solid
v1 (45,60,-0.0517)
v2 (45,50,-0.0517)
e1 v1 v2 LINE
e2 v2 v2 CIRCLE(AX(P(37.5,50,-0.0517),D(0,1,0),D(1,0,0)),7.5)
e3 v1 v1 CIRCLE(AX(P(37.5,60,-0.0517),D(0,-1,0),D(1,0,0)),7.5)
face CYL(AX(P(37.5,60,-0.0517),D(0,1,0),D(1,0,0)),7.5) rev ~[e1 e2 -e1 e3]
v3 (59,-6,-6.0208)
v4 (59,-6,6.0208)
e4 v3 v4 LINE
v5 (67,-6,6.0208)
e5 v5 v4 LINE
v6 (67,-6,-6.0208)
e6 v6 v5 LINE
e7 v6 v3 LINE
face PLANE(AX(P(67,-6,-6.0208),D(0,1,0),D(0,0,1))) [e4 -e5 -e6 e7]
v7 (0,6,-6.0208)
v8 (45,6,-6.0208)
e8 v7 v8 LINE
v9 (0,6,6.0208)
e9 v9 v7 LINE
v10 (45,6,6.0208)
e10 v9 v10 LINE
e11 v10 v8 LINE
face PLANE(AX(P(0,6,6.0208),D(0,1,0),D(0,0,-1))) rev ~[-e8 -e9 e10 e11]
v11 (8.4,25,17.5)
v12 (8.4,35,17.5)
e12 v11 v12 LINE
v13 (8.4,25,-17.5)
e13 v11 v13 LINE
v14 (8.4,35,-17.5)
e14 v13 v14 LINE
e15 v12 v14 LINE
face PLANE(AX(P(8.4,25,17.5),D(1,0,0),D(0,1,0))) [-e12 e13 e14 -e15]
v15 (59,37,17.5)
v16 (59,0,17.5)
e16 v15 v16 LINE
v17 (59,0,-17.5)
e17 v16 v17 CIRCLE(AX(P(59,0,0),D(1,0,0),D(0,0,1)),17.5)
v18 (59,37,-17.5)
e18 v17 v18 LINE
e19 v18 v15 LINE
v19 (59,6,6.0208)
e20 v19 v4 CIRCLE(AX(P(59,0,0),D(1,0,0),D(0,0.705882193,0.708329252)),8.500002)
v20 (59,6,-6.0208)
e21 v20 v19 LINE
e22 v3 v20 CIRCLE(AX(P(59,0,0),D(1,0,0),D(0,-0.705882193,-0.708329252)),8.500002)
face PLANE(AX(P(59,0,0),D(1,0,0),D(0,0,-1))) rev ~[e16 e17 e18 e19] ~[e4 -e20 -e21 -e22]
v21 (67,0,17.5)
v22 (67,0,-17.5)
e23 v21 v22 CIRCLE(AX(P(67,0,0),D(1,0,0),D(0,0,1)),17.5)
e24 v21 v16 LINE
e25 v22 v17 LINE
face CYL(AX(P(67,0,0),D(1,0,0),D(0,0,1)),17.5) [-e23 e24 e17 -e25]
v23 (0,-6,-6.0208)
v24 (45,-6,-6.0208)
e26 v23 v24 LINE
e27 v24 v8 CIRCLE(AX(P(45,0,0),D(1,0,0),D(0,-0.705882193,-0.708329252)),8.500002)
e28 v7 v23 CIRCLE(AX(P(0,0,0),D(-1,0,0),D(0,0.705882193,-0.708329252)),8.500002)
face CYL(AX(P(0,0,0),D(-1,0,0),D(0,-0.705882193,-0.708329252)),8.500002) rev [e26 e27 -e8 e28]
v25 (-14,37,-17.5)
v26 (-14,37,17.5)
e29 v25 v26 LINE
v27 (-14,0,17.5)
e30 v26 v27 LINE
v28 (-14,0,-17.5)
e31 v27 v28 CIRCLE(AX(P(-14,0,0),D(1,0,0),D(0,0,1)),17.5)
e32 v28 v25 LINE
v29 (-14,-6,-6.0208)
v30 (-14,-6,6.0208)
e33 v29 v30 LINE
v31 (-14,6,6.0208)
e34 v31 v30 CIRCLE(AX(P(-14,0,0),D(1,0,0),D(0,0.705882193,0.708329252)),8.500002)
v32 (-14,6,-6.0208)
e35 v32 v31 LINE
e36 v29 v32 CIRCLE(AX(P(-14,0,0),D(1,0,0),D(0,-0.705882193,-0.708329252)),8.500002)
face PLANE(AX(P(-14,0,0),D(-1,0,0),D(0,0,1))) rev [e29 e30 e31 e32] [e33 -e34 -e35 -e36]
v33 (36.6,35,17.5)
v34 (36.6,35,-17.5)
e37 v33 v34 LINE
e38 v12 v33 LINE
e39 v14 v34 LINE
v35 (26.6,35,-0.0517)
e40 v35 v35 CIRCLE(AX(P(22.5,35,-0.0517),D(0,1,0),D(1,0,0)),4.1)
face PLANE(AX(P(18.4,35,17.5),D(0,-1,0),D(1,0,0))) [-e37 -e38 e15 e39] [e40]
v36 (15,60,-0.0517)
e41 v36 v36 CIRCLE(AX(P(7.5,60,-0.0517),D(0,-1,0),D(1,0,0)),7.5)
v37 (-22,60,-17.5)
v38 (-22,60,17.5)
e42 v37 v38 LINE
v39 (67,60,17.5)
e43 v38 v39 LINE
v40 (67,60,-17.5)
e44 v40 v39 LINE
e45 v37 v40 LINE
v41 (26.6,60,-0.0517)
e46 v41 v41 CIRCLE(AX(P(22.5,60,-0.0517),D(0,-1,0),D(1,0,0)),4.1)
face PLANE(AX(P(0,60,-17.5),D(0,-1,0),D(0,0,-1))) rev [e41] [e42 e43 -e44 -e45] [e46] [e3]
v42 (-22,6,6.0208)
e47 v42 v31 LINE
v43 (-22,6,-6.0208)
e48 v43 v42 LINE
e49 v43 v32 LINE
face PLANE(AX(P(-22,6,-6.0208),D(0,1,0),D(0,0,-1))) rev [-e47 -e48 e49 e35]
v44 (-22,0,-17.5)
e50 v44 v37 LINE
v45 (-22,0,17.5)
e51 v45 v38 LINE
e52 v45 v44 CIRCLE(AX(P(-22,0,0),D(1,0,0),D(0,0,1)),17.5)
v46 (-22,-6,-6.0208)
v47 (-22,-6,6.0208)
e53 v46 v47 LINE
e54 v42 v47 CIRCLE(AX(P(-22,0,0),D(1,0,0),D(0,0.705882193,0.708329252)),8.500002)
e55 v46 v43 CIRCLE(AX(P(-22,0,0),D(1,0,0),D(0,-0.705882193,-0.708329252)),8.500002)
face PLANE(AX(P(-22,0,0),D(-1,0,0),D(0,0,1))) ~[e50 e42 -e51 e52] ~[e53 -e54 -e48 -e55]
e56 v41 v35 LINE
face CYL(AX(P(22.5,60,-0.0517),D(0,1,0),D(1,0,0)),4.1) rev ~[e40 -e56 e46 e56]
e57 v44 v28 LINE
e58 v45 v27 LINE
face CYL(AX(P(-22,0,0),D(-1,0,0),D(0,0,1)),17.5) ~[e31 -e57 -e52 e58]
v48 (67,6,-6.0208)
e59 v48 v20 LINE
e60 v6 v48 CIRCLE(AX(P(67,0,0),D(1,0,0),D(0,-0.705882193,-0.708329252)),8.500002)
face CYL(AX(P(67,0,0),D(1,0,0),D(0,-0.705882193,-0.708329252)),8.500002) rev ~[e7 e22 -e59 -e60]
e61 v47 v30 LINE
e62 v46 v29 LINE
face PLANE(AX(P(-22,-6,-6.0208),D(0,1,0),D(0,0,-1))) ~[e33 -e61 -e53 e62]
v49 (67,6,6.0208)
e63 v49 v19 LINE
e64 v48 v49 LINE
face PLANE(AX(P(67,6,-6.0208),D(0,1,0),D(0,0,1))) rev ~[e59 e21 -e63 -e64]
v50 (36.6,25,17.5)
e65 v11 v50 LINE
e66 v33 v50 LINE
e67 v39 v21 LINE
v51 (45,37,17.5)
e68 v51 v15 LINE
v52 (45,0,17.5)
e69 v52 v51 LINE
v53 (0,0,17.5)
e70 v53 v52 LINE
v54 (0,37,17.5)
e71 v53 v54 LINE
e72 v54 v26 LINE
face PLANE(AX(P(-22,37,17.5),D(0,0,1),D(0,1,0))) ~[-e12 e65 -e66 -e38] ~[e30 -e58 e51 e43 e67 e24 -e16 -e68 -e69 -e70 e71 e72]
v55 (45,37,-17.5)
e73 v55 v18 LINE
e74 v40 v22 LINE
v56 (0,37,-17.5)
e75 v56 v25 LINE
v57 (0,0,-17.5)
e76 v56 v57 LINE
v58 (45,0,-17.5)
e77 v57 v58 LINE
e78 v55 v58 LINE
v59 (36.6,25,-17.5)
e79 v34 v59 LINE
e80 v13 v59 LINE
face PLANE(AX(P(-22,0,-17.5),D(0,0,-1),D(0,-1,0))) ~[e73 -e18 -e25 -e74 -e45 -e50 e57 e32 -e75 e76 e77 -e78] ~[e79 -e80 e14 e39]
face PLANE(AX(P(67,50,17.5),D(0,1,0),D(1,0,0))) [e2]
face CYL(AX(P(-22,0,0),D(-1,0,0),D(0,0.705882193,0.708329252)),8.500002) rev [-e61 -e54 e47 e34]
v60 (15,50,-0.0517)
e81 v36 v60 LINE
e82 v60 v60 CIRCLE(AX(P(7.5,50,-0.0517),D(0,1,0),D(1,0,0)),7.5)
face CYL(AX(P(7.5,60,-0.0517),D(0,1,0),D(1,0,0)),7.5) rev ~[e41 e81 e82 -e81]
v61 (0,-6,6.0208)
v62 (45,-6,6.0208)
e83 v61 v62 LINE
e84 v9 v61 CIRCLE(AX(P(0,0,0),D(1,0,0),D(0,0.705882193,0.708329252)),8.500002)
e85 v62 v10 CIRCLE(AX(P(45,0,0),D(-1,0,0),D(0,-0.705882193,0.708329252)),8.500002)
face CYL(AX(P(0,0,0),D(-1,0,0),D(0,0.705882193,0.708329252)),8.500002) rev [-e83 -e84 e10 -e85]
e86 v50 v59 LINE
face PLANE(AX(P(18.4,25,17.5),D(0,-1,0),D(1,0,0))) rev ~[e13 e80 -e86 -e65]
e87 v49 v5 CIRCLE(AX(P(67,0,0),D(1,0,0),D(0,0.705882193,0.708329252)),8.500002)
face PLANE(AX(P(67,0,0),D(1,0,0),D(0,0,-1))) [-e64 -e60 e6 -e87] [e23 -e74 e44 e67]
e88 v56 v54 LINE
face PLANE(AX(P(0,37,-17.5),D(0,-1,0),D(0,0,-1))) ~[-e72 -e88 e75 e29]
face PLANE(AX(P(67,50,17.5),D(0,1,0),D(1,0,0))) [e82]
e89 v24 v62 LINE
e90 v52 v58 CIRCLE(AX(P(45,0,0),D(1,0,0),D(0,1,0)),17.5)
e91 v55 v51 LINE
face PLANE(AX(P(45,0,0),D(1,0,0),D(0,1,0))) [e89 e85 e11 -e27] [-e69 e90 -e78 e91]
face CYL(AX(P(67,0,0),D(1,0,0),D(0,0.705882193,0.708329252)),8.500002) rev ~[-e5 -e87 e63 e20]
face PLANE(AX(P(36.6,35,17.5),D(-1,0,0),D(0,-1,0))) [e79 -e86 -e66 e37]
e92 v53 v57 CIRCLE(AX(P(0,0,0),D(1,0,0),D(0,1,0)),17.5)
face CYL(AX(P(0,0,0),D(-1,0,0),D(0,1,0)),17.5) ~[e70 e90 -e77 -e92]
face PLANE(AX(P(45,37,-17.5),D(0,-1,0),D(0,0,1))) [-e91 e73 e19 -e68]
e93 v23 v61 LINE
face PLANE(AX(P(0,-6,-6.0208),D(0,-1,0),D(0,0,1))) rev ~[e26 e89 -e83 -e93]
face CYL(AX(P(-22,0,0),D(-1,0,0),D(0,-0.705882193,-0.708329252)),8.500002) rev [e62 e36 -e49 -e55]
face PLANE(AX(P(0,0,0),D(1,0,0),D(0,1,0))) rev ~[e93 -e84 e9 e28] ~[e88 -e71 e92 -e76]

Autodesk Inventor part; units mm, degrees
ref_plane "YZ Plane" through (0, 0, 0) normal (1, 0, 0) x (0, 1, 0)
ref_plane "XZ Plane" through (0, 0, 0) normal (0, 1, 0) x (-1, 0, 0)
sketch "Эскиз1" plane through (0, 0, 0) normal (1, 0, 0) x (0, 1, 0)
  line L0 (-6, -6.0208) -> (-6, 6.0208)
  arc A0 (-6, -6.0208) -> (6, -6.0208) centre (0, 0) ccw
  line L1 (6, 6.0208) -> (6, -6.0208)
  arc A1 (6, 6.0208) -> (-6, 6.0208) centre (0, 0) ccw
  circle A2 centre (0, 0) radius 17.5
  line L2 (0, 17.5) -> (60, 17.5)
  line L3 (60, 17.5) -> (60, -17.5)
  line L4 (60, -17.5) -> (0, -17.5)
  line L5 (0, -17.5) -> (0, -8.5)
  line L6 (0, 8.5) -> (0, 17.5)
  dimension "d0" = 35
  dimension "d1" = 60
extrude "Выдавливание1" add sketch "Эскиз1" along normal blind 45 contours A0 L5 A2 L6 A1 L0 | A0 L1 A1 L6 A2 L5 | A2 L2 L3 L4
sketch "Эскиз2" plane through (45, 0, 0) normal (1, 0, 0) x (0, 0, -1)
  line L0 (17.5, 60) -> (-17.5, 60) projected
  line L1 (17.5, 0) -> (17.5, 60) projected
  line L2 (-17.5, 60) -> (17.5, 60)
  line L3 (17.5, 60) -> (17.5, 37)
  line L4 (17.5, 37) -> (-17.5, 37)
  line L5 (-17.5, 37) -> (-17.5, 60)
  point P0 (0, 0)
  dimension "d4" = 23
extrude "Выдавливание2" add sketch "Эскиз2" along normal blind 22
ref_plane "РабПлоскость1" through (22.5, 0, 17.5) normal (1, 0, 0) x (0, 0, -1)
mirror "Зеркальное отражение1" about plane through (22.5, 0, 17.5) normal (1, 0, 0) of "Выдавливание2"
sketch "Эскиз3" plane through (45, 0, 0) normal (1, 0, 0) x (0, 0, -1)
  arc A0 (6.0208, -6) -> (6.0208, 6) centre (0, 0) ccw projected
  line L0 (6.0208, -6) -> (-6.0208, -6) projected
  arc A1 (-6.0208, 6) -> (-6.0208, -6) centre (0, 0) ccw projected
  line L1 (6.0208, 6) -> (-6.0208, 6) projected
  line L2 (17.5, 37) -> (-17.5, 37) projected
  line L3 (-17.5, 37) -> (-17.5, 0) projected
  arc A2 (-17.5, 0) -> (17.5, 0) centre (0, 0) ccw projected
  line L4 (17.5, 0) -> (17.5, 37) projected
sketch "Эскиз4" plane through (67, 0, 0) normal (1, 0, 0) x (0, 0, -1)
  arc A0 (6.0208, -6) -> (6.0208, 6) centre (0, 0) ccw
  line L0 (6.0208, -6) -> (-6.0208, -6)
  arc A1 (-6.0208, 6) -> (-6.0208, -6) centre (0, 0) ccw
  line L1 (6.0208, 6) -> (-6.0208, 6)
  line L2 (17.5, 37) -> (-17.5, 37)
  line L3 (-17.5, 37) -> (-17.5, 0)
  arc A2 (-17.5, 0) -> (17.5, 0) centre (0, 0) ccw
  line L4 (17.5, 0) -> (17.5, 37)
extrude "Выдавливание3" add sketch "Эскиз4" against normal blind 8
mirror "Зеркальное отражение2" about plane through (22.5, 0, 17.5) normal (1, 0, 0) of "Выдавливание3"
sketch "Эскиз5" plane through (67, 60, 17.5) normal (0, 1, 0) x (1, 0, 0)
  line L0 (-89, 35) -> (-89, 0) projected
  line L1 (-89, 35.1034) -> (-89, 0)
  line L2 (-89, 0) -> (-89, 35.1034)
  line L3 (-89, 35) -> (0, 35) projected
  line L4 (-89, 35) -> (0, 35)
  line L5 (-89, 17.5517) -> (-44.5, 17.5517)
  circle A0 centre (-44.5, 17.5517) radius 4.1
  line L6 (-44.5, 17.5517) -> (-59.5, 17.5517)
  circle A1 centre (-59.5, 17.5517) radius 7.5
  line L7 (-44.5, 17.5517) -> (-29.5, 17.5517)
  circle A2 centre (-29.5, 17.5517) radius 7.5
  point P0 (-67, 17.5)
  dimension "d9" = 8.2
  dimension "d10" = 15
  dimension "d11" = 15
  dimension "d12" = 15
  dimension "d13" = 15
extrude "Выдавливание4" cut sketch "Эскиз5" against normal blind 10 contours L5 A1 | L5 A1 | A2
sketch "Эскиз6" plane through (67, 60, 17.5) normal (0, 1, 0) x (1, 0, 0)
  line L0 (-89, 35) -> (-89, 0)
  line L1 (-89, 35.1034) -> (-89, 0)
  line L2 (-89, 0) -> (-89, 35.1034)
  line L3 (-89, 35) -> (0, 35)
  line L4 (-89, 35) -> (0, 35)
  line L5 (-89, 17.5517) -> (-44.5, 17.5517)
  circle A0 centre (-44.5, 17.5517) radius 4.1
  line L6 (-44.5, 17.5517) -> (-59.5, 17.5517)
  circle A1 centre (-59.5, 17.5517) radius 7.5
  line L7 (-44.5, 17.5517) -> (-29.5, 17.5517)
  circle A2 centre (-29.5, 17.5517) radius 7.5
  point P0 (-67, 17.5)
  point P1 (-67, 17.5)
  dimension "d16" = 8.2
  dimension "d17" = 15
  dimension "d18" = 15
  dimension "d19" = 15
  dimension "d20" = 15
extrude "Выдавливание5" cut sketch "Эскиз6" against normal blind 35 contours A0 L7 L5 | L5 L7 A0
sketch "Эскиз7" plane through (0, 0, 17.5) normal (0, 0, 1) x (1, 0, 0)
  line L0 (18.4, 60) -> (18.4, 25) projected
  line L1 (26.6, 60) -> (26.6, 25) projected
  line L2 (0, 37) -> (0, 0) projected
  line L3 (45, 0) -> (0, 0) projected
  line L4 (45, 37) -> (45, 0) projected
  line L5 (45, 37) -> (59, 37) projected
  line L6 (59, 0) -> (59, 37) projected
  line L7 (67, 0) -> (59, 0) projected
  line L8 (67, 60) -> (67, 0) projected
  line L9 (-22, 60) -> (67, 60) projected
  line L10 (-22, 60) -> (-22, 0) projected
  line L11 (-22, 0) -> (-14, 0) projected
  line L12 (-14, 0) -> (-14, 37) projected
  line L13 (0, 37) -> (-14, 37) projected
  line L14 (18.4, 25) -> (26.6, 25) projected
  line L15 (18.4, 25) -> (8.4, 25)
  line L16 (8.4, 25) -> (8.4, 35)
  line L17 (8.4, 35) -> (36.6, 35)
  line L18 (36.6, 35) -> (36.6, 25)
  line L19 (26.6, 25) -> (36.6, 25)
  line L20 (18.4, 25) -> (26.6, 25)
  dimension "d23" = 10
  dimension "d24" = 10
  dimension "d25" = 28.2
  dimension "d26" = 10
extrude "Выдавливание6" cut sketch "Эскиз7" against normal blind 84.5 contours L17 L1 L14 L0 | L0 L15 L16 L17 | L17 L18 L19 L1
properties part number "joint1_level" material "Пластик АБС"
